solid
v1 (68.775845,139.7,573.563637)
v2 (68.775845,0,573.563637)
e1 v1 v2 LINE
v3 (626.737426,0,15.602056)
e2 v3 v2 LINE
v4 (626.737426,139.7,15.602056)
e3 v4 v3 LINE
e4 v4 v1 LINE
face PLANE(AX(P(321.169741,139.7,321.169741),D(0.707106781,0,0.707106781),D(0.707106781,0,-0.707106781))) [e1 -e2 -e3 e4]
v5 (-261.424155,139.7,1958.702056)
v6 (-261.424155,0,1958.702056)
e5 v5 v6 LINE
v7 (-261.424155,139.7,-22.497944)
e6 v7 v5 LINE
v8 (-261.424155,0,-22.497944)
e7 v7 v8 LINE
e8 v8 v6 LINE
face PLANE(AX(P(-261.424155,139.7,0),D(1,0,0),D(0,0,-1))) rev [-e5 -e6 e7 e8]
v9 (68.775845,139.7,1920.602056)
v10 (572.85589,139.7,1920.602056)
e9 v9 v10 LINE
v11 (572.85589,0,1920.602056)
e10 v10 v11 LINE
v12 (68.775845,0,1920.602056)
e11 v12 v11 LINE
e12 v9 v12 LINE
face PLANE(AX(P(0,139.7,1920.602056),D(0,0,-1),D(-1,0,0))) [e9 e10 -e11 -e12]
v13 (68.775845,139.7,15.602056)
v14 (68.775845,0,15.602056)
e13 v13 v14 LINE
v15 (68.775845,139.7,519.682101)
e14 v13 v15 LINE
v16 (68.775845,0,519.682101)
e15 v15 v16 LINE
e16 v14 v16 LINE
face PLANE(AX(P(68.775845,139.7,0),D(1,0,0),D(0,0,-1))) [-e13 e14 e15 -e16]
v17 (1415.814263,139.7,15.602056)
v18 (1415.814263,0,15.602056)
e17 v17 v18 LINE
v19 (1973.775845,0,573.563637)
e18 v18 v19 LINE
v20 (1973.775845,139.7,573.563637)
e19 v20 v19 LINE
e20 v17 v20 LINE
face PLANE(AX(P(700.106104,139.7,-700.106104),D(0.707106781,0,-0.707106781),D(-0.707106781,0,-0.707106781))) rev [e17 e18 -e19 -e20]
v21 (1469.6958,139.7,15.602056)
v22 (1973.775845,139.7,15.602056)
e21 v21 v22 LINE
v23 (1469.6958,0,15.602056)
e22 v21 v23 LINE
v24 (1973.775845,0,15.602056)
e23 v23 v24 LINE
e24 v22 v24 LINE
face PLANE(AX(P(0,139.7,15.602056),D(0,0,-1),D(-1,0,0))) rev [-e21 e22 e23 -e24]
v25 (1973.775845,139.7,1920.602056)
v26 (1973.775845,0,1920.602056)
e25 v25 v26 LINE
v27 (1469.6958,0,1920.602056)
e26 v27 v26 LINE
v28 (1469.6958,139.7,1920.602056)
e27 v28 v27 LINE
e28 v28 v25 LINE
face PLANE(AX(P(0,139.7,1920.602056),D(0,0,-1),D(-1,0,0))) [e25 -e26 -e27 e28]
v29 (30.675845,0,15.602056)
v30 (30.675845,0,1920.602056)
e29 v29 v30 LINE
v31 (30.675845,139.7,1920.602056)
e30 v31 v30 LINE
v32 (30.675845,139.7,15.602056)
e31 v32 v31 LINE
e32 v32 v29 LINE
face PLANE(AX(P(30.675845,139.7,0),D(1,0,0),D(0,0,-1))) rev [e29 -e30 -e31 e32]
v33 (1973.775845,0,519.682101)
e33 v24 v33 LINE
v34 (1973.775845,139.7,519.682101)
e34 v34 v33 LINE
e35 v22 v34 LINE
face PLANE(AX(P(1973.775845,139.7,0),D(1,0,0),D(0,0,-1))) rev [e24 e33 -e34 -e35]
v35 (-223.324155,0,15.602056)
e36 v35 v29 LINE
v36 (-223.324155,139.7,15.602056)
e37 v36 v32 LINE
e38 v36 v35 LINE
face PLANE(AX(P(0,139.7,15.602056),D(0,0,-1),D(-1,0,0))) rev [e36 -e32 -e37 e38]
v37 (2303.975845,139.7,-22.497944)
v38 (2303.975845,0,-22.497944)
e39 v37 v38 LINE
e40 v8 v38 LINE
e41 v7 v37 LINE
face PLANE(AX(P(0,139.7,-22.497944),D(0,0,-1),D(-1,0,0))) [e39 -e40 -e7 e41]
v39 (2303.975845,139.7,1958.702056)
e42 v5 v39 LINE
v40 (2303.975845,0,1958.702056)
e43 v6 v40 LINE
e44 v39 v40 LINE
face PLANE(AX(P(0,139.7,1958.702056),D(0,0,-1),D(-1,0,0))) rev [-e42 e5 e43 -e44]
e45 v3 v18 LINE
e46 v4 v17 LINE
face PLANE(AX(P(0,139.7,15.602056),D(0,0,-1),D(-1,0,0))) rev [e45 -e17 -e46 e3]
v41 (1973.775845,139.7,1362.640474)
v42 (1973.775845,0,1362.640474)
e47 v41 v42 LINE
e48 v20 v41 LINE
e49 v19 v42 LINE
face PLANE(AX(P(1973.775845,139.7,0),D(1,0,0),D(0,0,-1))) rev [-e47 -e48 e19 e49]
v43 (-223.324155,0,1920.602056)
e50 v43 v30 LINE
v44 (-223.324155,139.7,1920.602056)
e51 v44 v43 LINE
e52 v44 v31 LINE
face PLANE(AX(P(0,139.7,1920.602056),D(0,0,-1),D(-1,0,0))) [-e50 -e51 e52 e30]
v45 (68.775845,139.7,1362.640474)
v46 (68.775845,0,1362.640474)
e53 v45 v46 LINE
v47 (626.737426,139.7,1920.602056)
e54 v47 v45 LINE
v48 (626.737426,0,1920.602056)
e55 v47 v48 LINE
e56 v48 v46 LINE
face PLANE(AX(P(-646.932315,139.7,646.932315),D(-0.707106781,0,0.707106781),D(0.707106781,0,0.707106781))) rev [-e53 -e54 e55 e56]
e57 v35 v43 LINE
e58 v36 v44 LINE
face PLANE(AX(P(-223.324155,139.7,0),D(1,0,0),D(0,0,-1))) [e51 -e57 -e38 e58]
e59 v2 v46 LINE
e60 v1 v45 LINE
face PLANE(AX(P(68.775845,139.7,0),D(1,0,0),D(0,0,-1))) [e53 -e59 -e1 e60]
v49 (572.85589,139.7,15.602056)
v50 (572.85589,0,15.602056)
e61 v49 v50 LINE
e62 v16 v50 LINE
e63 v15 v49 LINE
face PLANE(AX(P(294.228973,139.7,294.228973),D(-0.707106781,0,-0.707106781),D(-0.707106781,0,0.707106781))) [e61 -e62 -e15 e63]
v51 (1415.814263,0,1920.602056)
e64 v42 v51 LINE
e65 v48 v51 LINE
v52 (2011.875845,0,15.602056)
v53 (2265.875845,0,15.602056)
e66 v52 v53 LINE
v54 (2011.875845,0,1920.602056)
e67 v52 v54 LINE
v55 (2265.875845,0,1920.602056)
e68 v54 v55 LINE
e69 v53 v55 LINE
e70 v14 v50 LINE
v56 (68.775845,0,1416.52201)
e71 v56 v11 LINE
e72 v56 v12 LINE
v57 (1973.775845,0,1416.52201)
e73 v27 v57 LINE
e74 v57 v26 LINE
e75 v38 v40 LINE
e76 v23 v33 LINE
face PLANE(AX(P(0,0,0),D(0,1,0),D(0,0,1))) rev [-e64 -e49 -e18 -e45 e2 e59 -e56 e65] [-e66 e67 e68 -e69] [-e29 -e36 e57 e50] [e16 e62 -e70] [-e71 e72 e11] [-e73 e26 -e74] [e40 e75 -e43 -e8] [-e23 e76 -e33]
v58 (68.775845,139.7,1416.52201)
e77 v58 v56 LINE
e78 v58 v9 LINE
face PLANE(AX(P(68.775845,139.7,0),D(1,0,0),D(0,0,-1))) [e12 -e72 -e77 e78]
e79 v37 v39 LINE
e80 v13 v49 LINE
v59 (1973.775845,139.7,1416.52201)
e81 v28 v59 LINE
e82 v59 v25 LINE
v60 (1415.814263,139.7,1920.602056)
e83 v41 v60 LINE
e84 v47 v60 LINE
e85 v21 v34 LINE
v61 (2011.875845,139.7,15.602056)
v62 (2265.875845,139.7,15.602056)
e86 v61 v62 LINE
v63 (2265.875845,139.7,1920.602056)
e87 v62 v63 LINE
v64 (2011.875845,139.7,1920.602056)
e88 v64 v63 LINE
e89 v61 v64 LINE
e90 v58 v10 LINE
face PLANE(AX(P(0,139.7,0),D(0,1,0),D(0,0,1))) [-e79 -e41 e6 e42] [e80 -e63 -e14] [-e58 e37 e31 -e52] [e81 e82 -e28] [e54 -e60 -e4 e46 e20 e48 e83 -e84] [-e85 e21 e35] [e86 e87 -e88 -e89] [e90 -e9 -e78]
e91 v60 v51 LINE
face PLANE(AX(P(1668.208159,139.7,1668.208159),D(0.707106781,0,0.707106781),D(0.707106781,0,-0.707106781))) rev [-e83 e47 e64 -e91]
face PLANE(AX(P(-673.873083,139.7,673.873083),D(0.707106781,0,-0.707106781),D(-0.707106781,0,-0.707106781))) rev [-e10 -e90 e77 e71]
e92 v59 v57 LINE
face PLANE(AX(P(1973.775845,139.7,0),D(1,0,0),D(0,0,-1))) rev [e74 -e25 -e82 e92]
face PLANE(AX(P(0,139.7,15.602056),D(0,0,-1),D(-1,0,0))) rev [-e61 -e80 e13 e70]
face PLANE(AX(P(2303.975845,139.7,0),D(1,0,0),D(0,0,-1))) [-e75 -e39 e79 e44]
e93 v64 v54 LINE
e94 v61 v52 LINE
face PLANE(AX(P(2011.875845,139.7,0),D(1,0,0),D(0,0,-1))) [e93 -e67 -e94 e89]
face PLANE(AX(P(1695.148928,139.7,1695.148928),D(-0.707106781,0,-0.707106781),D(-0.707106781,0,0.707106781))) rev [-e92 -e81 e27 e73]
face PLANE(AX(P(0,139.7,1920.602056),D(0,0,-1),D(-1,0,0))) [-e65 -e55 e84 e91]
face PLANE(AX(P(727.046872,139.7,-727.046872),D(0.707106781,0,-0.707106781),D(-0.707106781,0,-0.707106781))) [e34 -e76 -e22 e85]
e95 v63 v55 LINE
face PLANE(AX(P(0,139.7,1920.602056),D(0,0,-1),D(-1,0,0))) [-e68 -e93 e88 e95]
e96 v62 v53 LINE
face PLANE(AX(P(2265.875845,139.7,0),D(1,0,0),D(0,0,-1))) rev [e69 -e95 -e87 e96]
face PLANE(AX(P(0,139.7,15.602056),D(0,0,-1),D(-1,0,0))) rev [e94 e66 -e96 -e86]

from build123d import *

# Parameters (mm, degrees)
SKETCH1_W           = 2565.4
SKETCH1_H           = 1981.2
SKETCH1_W_2         = 254
SKETCH1_H_2         = 1905
BOSS_EXTRUDE1_DEPTH = 139.7


with BuildPart() as part:
    # Sketch1 → Boss-Extrude1 (new body)
    with BuildSketch(Plane(origin=(0, 0, 0), x_dir=(1, 0, 0), z_dir=(0, 1, 0))):
        with Locations((1021.275844638, -968.102055566)):
            Rectangle(SKETCH1_W, SKETCH1_H)
        with Locations((2138.875844638, -968.102055566)):
            Rectangle(SKETCH1_W_2, SKETCH1_H_2, mode=Mode.SUBTRACT)
        Polygon((1469.695799525, -15.602055566), (1973.775844638, -15.602055566), (1973.775844638, -519.682100679), align=None, mode=Mode.SUBTRACT)
        Polygon((626.737426478, -15.602055566), (1415.814262798, -15.602055566), (1973.775844638, -573.563637405), (1973.775844638, -1362.640473726), (1415.814262798, -1920.602055566), (626.737426478, -1920.602055566), (68.775844638, -1362.640473726), (68.775844638, -573.563637405), align=None, mode=Mode.SUBTRACT)
        Polygon((68.775844638, -15.602055566), (572.855889751, -15.602055566), (68.775844638, -519.682100679), align=None, mode=Mode.SUBTRACT)
        with Locations((-96.324155362, -968.102055566)):
            Rectangle(SKETCH1_W_2, SKETCH1_H_2, mode=Mode.SUBTRACT)
        Polygon((1973.775844638, -1416.522010452), (1973.775844638, -1920.602055566), (1469.695799525, -1920.602055566), align=None, mode=Mode.SUBTRACT)
        Polygon((68.775844638, -1920.602055566), (68.775844638, -1416.522010452), (572.855889751, -1920.602055566), align=None, mode=Mode.SUBTRACT)
    extrude(amount=BOSS_EXTRUDE1_DEPTH)


solid = part.part
